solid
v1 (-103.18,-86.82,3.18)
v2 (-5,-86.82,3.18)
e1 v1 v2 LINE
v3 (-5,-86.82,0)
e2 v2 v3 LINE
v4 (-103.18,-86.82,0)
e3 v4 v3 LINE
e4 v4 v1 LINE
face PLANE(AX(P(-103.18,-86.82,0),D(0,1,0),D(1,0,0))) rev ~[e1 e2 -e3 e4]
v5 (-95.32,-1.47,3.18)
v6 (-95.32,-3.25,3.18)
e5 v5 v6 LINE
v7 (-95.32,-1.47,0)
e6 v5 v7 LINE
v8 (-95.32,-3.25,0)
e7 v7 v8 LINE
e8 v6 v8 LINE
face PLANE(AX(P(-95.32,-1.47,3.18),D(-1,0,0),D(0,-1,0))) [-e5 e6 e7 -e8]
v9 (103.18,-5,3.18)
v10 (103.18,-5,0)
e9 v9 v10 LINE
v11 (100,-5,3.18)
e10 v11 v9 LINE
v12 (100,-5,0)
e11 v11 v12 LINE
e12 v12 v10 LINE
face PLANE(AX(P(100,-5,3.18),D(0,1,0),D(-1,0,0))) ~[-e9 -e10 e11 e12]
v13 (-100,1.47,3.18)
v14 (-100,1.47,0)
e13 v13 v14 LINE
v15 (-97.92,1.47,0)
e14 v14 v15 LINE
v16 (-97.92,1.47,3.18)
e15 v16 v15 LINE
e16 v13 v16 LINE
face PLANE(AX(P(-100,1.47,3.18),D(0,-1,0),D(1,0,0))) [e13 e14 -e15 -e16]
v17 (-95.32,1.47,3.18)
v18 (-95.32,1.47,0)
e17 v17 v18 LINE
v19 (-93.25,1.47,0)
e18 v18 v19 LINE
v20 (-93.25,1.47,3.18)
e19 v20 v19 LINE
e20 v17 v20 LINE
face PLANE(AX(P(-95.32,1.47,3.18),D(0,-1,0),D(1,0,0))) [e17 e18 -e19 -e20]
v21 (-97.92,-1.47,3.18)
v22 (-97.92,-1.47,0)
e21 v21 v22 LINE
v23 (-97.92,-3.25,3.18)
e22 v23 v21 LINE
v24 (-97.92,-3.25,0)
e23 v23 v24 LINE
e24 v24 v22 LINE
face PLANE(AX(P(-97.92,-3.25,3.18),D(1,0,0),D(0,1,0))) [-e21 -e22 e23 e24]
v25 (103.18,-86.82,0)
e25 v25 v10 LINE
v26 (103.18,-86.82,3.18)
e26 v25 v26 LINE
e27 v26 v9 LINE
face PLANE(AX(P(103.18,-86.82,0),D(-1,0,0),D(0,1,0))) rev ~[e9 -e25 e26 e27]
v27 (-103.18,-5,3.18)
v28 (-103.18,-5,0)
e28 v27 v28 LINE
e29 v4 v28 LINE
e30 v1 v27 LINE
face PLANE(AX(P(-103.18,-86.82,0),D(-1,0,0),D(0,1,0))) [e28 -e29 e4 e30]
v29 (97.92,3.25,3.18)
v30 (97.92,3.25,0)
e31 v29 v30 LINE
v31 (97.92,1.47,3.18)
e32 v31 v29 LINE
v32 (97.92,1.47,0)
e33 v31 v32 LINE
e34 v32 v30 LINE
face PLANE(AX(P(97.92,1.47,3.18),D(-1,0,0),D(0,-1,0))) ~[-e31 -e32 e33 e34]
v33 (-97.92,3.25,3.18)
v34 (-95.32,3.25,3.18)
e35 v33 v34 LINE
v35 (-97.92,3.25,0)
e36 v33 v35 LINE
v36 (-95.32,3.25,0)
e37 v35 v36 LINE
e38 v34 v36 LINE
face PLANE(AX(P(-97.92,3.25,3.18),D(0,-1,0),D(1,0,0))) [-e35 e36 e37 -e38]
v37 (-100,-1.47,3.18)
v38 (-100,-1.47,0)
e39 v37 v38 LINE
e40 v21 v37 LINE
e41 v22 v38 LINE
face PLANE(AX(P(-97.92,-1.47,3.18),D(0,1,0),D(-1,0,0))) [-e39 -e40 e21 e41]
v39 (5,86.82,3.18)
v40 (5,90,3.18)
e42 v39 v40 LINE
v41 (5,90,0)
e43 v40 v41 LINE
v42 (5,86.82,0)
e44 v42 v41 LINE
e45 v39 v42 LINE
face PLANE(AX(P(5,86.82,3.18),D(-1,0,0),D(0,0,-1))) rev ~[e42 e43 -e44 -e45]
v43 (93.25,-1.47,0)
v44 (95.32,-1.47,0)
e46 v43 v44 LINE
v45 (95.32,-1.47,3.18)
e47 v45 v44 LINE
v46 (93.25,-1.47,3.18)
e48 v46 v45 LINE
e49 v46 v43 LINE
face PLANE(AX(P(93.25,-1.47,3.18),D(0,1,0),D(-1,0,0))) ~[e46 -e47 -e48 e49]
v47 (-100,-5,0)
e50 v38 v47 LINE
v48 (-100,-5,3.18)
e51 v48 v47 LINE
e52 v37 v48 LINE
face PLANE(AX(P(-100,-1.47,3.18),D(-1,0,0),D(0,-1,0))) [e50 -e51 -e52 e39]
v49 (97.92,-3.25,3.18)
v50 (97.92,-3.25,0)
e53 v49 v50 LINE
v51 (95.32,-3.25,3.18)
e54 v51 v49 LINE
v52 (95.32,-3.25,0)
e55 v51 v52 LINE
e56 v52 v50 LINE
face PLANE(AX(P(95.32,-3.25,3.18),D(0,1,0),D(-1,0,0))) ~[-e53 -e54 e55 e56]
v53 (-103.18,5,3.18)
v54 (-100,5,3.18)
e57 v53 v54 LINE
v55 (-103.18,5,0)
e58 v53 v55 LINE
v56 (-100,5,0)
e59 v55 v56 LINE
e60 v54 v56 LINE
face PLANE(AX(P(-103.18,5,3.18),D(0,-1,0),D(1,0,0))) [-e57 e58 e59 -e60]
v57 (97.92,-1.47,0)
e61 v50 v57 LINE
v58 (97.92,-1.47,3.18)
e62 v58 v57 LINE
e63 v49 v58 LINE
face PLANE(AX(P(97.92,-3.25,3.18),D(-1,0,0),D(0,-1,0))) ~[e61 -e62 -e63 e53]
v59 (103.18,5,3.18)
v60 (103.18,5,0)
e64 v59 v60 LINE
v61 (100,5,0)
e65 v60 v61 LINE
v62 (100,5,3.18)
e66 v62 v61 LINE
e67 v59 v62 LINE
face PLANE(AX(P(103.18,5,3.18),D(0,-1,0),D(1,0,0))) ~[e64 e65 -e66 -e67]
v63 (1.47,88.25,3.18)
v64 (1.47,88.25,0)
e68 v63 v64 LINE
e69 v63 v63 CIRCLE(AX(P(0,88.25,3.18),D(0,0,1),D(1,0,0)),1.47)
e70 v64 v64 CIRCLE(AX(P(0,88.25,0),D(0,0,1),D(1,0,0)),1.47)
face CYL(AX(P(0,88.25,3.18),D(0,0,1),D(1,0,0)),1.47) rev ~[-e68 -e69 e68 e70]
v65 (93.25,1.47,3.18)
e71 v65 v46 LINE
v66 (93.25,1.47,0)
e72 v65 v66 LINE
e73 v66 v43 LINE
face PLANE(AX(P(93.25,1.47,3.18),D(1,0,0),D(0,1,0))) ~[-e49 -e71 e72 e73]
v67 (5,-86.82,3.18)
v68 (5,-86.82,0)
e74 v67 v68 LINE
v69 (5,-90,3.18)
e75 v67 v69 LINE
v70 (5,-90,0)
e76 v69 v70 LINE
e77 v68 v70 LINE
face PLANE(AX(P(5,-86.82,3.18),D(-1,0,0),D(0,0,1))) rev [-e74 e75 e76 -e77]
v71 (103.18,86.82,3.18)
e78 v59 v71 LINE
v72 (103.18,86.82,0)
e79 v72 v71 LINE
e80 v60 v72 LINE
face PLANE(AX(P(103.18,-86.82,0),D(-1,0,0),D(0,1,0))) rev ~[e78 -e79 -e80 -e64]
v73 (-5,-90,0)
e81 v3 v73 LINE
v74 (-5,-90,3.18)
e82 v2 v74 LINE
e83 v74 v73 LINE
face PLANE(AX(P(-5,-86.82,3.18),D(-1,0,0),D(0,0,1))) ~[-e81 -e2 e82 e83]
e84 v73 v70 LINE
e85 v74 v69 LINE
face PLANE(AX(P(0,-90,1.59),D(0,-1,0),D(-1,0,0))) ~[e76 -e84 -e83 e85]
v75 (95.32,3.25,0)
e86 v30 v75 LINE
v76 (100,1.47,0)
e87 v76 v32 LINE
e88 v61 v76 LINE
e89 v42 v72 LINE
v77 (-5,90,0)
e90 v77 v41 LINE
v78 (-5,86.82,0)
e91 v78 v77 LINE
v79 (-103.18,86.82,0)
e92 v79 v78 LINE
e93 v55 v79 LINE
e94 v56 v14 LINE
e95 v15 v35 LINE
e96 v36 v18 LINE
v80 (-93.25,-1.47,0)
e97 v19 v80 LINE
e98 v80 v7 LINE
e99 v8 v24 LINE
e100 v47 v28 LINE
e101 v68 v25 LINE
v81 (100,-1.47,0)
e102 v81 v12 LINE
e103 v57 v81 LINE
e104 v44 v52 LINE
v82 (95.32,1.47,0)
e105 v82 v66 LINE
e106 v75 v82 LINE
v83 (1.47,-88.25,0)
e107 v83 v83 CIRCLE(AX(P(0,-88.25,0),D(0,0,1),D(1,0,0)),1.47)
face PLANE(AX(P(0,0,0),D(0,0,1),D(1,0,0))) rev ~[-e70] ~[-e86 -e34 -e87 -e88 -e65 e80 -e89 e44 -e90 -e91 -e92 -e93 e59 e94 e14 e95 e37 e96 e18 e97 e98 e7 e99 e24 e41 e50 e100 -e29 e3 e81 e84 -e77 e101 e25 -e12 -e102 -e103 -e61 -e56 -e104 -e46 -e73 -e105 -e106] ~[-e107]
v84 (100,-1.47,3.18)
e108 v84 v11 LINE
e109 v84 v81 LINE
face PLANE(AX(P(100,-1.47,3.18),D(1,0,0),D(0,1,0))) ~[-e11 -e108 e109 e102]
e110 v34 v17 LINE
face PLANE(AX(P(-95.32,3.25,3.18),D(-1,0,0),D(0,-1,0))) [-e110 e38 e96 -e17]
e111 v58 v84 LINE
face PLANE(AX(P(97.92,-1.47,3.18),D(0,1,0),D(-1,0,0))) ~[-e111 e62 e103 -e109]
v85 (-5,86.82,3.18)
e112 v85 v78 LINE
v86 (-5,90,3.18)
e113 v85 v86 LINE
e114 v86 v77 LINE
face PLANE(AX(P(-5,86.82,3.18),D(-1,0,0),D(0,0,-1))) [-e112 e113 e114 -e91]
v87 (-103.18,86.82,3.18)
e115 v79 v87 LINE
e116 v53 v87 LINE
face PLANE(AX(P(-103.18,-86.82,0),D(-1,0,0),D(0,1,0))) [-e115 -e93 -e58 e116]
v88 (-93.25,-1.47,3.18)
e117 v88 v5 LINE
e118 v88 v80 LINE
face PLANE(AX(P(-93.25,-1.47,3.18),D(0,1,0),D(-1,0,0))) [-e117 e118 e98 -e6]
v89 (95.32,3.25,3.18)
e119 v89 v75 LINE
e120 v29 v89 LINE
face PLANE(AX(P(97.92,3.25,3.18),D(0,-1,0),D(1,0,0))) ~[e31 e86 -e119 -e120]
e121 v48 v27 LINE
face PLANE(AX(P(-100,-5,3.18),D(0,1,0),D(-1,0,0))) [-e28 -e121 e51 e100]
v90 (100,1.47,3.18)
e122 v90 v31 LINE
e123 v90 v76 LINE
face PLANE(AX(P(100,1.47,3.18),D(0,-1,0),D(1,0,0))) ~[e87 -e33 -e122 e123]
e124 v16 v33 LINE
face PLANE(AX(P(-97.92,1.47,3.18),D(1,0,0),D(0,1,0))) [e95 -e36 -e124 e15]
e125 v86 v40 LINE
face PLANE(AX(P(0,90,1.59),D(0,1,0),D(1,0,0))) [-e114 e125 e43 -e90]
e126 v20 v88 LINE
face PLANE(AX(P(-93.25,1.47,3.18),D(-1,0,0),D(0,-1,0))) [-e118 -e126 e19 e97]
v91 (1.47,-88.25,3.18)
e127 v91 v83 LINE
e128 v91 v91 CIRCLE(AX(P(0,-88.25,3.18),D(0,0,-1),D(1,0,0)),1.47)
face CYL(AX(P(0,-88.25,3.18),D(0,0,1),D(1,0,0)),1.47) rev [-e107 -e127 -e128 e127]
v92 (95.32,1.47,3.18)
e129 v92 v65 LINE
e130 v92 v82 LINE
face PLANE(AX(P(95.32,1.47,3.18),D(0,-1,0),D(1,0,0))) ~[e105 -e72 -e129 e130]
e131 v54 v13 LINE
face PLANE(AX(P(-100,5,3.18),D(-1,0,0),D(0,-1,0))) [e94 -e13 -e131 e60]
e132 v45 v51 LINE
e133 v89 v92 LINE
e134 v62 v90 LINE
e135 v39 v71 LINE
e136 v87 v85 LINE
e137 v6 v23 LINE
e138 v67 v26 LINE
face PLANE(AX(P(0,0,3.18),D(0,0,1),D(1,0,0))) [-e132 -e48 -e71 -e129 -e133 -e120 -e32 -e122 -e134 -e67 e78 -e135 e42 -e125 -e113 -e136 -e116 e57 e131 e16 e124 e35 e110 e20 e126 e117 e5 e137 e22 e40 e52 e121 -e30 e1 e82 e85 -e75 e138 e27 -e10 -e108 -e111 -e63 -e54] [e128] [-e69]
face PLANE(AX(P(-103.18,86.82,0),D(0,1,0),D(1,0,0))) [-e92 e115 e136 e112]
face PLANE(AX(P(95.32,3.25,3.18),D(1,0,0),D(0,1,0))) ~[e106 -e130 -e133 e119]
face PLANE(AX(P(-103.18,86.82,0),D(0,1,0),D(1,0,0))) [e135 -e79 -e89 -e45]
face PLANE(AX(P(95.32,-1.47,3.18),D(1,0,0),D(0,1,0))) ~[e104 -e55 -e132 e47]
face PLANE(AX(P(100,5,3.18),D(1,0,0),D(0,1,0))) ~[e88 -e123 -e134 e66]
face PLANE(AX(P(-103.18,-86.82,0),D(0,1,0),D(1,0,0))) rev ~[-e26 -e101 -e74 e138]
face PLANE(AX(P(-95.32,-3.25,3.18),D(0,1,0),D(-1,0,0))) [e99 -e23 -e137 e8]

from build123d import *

# Parameters (mm, degrees)
SKETCH2_W           = 206.36
SKETCH2_H           = 173.64
BOSS_EXTRUDE1_DEPTH = 3.18
CUT_EXTRUDE1_DEPTH  = 135.884903529
SKETCH9_W           = 10
SKETCH9_H           = 3.18
BOSS_EXTRUDE4_DEPTH = 3.18
SKETCH11_R          = 1.47
CUT_EXTRUDE3_DEPTH  = 137.953367246


with BuildPart() as part:
    # Sketch2 → Boss-Extrude1 (new body)
    with BuildSketch(Plane.XY):
        Rectangle(SKETCH2_W, SKETCH2_H)
    extrude(amount=BOSS_EXTRUDE1_DEPTH)

    # Sketch3 → Cut-Extrude1 (cut, through all)
    with BuildSketch(Plane.XY.offset(3.18)):
        Polygon((-95.32, -1.47), (-95.32, -3.25), (-97.92, -3.25), (-97.92, -1.47), (-100, -1.47), (-100, -5), (-103.18, -5), (-103.18, 5), (-100, 5), (-100, 1.47), (-97.92, 1.47), (-97.92, 3.25), (-95.32, 3.25), (-95.32, 1.47), (-93.25, 1.47), (-93.25, -1.47), align=None)
    cut_extrude1 = extrude(amount=-CUT_EXTRUDE1_DEPTH, mode=Mode.SUBTRACT)

    # Sketch9 → Boss-Extrude4 (add)
    with BuildSketch(Plane(origin=(0, 86.82, 0), x_dir=(1, 0, 0), z_dir=(0, 1, 0))):
        with Locations((0, -1.59)):
            Rectangle(SKETCH9_W, SKETCH9_H)
    boss_extrude4 = extrude(amount=BOSS_EXTRUDE4_DEPTH)

    # Sketch11 → Cut-Extrude3 (cut, through all)
    with BuildSketch(Plane.XY.offset(3.18)):
        with Locations((0, 88.25)):
            Circle(SKETCH11_R)
    cut_extrude3 = extrude(amount=-CUT_EXTRUDE3_DEPTH, mode=Mode.SUBTRACT)

    # Mirror1: Cut-Extrude1 across plane
    add(cut_extrude1.mirror(Plane(origin=(0, 0, 0), x_dir=(0, 0, 1), z_dir=(1, 0, 0))), mode=Mode.SUBTRACT)

    # Mirror2: Boss-Extrude4, Cut-Extrude3 across plane
    add(boss_extrude4.mirror(Plane.ZX))
    add(cut_extrude3.mirror(Plane.ZX), mode=Mode.SUBTRACT)


solid = part.part
